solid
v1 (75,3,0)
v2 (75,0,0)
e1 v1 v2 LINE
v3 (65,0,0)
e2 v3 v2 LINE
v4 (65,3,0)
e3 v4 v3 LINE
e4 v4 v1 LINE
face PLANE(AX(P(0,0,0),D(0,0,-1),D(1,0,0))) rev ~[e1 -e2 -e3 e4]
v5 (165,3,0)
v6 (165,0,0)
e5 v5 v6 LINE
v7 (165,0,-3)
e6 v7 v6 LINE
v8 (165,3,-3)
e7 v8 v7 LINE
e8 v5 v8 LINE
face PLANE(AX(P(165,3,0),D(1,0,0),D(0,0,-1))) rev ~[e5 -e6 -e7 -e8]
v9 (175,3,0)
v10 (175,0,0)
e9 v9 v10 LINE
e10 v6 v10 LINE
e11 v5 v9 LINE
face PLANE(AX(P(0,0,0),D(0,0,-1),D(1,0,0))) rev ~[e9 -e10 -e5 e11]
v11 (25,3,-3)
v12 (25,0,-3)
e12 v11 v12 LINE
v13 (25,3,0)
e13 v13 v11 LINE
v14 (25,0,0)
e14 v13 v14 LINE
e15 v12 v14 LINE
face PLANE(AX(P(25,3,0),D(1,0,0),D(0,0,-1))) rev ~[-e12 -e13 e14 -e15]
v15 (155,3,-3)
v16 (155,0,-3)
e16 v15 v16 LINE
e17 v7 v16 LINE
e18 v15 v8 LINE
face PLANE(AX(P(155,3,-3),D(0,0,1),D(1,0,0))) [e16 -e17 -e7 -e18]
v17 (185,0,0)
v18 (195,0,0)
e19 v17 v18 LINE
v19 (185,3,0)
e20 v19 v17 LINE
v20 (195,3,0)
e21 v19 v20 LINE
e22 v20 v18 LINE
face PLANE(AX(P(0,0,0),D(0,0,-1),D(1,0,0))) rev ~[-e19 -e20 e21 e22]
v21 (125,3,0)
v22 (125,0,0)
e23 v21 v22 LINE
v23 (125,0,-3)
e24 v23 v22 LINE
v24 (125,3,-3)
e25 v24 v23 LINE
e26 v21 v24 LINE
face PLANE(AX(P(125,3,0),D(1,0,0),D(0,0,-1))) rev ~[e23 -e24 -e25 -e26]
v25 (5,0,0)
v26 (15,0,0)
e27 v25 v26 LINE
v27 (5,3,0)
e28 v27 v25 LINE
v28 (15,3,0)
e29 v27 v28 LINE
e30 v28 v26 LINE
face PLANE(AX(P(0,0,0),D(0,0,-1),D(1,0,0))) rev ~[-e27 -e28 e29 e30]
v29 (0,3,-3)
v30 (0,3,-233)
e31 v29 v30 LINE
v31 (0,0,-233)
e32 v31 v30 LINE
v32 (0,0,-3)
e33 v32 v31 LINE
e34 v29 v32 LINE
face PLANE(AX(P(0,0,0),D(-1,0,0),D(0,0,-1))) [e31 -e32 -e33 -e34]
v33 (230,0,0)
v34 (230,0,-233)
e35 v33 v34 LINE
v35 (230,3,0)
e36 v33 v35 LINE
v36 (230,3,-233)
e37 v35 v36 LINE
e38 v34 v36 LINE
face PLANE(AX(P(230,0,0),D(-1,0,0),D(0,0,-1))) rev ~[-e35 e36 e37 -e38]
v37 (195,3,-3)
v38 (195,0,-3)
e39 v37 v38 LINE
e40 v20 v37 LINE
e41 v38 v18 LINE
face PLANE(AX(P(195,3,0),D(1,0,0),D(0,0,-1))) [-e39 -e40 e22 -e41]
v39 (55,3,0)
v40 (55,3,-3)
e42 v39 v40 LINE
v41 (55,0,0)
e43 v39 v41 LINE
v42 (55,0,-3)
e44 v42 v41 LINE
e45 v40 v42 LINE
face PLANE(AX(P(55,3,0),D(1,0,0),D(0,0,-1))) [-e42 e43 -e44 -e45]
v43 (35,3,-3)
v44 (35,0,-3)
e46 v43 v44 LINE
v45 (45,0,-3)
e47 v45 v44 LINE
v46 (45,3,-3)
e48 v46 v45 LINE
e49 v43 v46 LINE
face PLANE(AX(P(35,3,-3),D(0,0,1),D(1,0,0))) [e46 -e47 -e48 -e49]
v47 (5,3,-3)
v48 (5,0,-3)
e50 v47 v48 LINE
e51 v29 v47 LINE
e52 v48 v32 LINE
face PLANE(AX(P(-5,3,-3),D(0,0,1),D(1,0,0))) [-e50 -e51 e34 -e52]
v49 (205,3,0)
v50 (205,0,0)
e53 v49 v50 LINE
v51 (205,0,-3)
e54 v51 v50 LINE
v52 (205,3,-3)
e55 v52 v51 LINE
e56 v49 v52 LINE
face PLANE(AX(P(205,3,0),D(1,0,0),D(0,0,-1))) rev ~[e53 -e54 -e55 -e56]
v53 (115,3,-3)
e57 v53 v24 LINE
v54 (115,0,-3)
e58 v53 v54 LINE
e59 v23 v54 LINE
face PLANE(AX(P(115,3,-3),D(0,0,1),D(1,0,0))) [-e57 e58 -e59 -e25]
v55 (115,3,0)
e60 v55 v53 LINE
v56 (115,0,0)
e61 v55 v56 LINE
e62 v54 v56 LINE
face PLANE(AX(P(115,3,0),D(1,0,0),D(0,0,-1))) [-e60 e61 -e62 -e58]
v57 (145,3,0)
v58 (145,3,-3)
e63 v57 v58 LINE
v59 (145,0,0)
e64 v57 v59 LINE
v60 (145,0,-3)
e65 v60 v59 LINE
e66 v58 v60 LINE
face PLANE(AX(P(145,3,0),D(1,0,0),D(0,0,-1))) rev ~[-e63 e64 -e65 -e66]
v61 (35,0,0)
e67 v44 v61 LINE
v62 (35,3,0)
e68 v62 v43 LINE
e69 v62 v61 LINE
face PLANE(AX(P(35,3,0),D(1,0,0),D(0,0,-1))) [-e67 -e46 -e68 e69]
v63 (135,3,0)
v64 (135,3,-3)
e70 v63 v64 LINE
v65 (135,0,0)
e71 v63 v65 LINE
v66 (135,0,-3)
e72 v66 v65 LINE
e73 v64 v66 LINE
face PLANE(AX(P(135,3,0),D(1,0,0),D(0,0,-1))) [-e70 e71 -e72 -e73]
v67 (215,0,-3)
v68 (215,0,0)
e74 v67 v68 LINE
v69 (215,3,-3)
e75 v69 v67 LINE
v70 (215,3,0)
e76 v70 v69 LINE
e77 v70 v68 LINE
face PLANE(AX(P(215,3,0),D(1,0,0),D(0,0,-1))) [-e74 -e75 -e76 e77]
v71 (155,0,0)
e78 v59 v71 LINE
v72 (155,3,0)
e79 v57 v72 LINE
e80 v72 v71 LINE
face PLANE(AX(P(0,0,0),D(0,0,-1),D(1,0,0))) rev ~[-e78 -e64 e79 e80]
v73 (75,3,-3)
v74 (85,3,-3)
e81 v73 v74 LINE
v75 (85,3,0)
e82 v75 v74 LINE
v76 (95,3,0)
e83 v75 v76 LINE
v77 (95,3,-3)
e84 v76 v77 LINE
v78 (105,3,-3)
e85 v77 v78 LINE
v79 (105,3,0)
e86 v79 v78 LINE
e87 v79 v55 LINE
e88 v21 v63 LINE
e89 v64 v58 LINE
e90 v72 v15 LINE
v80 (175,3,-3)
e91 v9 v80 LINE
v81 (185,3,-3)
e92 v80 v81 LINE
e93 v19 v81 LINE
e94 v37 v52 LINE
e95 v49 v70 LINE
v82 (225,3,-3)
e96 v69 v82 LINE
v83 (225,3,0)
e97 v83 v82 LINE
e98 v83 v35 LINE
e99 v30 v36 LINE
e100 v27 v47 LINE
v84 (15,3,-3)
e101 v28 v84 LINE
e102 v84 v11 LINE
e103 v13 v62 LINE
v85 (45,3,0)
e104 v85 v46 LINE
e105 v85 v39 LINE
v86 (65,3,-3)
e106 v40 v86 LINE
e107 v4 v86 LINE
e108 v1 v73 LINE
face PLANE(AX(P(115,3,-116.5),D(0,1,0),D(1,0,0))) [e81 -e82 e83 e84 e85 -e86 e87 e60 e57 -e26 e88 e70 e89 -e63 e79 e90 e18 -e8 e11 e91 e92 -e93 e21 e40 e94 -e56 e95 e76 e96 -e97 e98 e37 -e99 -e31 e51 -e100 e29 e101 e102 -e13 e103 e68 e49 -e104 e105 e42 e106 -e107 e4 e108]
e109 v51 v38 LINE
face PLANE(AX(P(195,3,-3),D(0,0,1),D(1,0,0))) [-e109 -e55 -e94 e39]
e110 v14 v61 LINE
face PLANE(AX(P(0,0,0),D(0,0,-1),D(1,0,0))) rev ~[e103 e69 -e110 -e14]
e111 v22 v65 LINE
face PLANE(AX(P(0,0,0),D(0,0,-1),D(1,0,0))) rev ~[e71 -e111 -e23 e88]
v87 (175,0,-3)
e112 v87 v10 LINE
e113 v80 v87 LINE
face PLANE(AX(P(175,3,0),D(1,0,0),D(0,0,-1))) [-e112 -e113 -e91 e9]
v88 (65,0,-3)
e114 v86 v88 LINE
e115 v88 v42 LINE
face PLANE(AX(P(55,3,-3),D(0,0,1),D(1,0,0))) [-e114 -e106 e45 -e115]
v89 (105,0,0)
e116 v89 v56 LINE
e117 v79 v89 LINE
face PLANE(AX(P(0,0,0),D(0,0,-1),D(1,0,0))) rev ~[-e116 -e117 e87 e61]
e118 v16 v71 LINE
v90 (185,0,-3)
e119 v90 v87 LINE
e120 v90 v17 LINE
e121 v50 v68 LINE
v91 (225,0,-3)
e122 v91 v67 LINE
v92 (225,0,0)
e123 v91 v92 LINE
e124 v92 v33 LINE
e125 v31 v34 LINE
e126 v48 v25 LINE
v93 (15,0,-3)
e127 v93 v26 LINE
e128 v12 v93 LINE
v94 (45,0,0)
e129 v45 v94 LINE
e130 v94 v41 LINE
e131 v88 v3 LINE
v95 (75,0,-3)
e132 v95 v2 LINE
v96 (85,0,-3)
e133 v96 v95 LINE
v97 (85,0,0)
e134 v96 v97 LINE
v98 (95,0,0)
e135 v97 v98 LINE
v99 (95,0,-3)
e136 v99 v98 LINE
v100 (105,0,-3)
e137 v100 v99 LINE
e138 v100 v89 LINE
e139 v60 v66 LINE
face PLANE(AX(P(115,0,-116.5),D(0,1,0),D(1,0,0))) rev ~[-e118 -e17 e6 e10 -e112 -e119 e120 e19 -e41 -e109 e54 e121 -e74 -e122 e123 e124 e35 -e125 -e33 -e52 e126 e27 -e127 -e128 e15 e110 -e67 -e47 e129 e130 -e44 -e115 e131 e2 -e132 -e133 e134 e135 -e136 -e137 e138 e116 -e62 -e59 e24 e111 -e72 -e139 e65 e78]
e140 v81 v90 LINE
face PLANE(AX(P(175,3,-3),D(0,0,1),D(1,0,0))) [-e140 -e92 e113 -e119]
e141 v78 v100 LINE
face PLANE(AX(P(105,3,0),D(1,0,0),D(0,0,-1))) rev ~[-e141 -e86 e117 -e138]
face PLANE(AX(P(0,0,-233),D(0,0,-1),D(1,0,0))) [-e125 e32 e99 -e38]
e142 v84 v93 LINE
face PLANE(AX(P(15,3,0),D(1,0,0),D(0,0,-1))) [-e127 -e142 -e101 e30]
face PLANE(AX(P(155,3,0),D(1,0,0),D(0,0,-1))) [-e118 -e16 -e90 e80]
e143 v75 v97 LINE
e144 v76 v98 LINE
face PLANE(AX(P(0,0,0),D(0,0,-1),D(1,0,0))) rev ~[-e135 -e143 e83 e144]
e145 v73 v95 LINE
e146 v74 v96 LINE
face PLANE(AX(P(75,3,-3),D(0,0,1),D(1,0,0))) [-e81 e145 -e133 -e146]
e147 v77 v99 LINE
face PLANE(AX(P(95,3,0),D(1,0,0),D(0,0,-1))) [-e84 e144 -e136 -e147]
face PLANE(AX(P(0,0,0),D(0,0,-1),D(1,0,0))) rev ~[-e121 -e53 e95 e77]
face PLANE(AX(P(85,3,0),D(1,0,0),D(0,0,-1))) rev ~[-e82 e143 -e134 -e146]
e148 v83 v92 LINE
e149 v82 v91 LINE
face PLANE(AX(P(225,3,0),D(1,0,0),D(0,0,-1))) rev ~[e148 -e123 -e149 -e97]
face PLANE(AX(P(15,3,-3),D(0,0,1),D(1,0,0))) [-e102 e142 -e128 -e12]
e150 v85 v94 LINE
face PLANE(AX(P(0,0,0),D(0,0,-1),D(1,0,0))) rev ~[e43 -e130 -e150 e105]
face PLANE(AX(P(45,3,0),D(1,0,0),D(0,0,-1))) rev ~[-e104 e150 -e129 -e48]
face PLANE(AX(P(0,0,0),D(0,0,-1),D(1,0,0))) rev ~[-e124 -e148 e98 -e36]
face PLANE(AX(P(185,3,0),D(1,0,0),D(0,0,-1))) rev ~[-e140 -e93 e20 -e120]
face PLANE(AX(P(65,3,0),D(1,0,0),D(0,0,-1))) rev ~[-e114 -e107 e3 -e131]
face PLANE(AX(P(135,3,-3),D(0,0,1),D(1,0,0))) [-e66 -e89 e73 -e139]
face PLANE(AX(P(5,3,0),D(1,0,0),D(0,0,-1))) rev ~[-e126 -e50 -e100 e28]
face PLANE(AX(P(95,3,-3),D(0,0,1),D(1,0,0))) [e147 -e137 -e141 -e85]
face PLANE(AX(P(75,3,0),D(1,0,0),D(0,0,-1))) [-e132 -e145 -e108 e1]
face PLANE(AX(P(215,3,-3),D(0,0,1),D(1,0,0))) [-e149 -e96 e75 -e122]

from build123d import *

# Parameters (mm, degrees)
ESQUISSE1_W             = 230
ESQUISSE1_H             = 233
BASE_DEPTH              = 3
ENL_V_MAT_EXTRU_1_REACH = 5
ESQUISSE2_W             = 10
ESQUISSE2_H             = 3


with BuildPart() as part:
    # Esquisse1 → Base (new body)
    with BuildSketch(Plane(origin=(0, 0, 0), x_dir=(1, 0, 0), z_dir=(0, 1, 0))):
        with Locations((115, 116.5)):
            Rectangle(ESQUISSE1_W, ESQUISSE1_H)
    extrude(amount=BASE_DEPTH)

    # Esquisse2 → Enlèv. mat.-Extru.1 (cut, up to next)
    with BuildSketch(Plane(origin=(0, 3, 0), x_dir=(1, 0, 0), z_dir=(0, 1, 0)), mode=Mode.PRIVATE) as enl_v_mat_extru_1_sk1:
        with Locations((120, 1.5)):
            Rectangle(ESQUISSE2_W, ESQUISSE2_H)
    enl_v_mat_extru_1_tool1 = extrude(enl_v_mat_extru_1_sk1.sketch, amount=-ENL_V_MAT_EXTRU_1_REACH, mode=Mode.PRIVATE) & part.part
    add(enl_v_mat_extru_1_tool1.solids().sort_by_distance((120, 3, -1.5))[0], mode=Mode.SUBTRACT)
    # Esquisse2 → Enlèv. mat.-Extru.1 (cut, up to next)
    with BuildSketch(Plane(origin=(0, 3, 0), x_dir=(1, 0, 0), z_dir=(0, 1, 0)), mode=Mode.PRIVATE) as enl_v_mat_extru_1_sk2:
        with Locations((140, 1.5)):
            Rectangle(ESQUISSE2_W, ESQUISSE2_H)
    enl_v_mat_extru_1_tool2 = extrude(enl_v_mat_extru_1_sk2.sketch, amount=-ENL_V_MAT_EXTRU_1_REACH, mode=Mode.PRIVATE) & part.part
    add(enl_v_mat_extru_1_tool2.solids().sort_by_distance((140, 3, -1.5))[0], mode=Mode.SUBTRACT)
    # Esquisse2 → Enlèv. mat.-Extru.1 (cut, up to next)
    with BuildSketch(Plane(origin=(0, 3, 0), x_dir=(1, 0, 0), z_dir=(0, 1, 0)), mode=Mode.PRIVATE) as enl_v_mat_extru_1_sk3:
        with Locations((160, 1.5)):
            Rectangle(ESQUISSE2_W, ESQUISSE2_H)
    enl_v_mat_extru_1_tool3 = extrude(enl_v_mat_extru_1_sk3.sketch, amount=-ENL_V_MAT_EXTRU_1_REACH, mode=Mode.PRIVATE) & part.part
    add(enl_v_mat_extru_1_tool3.solids().sort_by_distance((160, 3, -1.5))[0], mode=Mode.SUBTRACT)
    # Esquisse2 → Enlèv. mat.-Extru.1 (cut, up to next)
    with BuildSketch(Plane(origin=(0, 3, 0), x_dir=(1, 0, 0), z_dir=(0, 1, 0)), mode=Mode.PRIVATE) as enl_v_mat_extru_1_sk4:
        with Locations((180, 1.5)):
            Rectangle(ESQUISSE2_W, ESQUISSE2_H)
    enl_v_mat_extru_1_tool4 = extrude(enl_v_mat_extru_1_sk4.sketch, amount=-ENL_V_MAT_EXTRU_1_REACH, mode=Mode.PRIVATE) & part.part
    add(enl_v_mat_extru_1_tool4.solids().sort_by_distance((180, 3, -1.5))[0], mode=Mode.SUBTRACT)
    # Esquisse2 → Enlèv. mat.-Extru.1 (cut, up to next)
    with BuildSketch(Plane(origin=(0, 3, 0), x_dir=(1, 0, 0), z_dir=(0, 1, 0)), mode=Mode.PRIVATE) as enl_v_mat_extru_1_sk5:
        with Locations((200, 1.5)):
            Rectangle(ESQUISSE2_W, ESQUISSE2_H)
    enl_v_mat_extru_1_tool5 = extrude(enl_v_mat_extru_1_sk5.sketch, amount=-ENL_V_MAT_EXTRU_1_REACH, mode=Mode.PRIVATE) & part.part
    add(enl_v_mat_extru_1_tool5.solids().sort_by_distance((200, 3, -1.5))[0], mode=Mode.SUBTRACT)
    # Esquisse2 → Enlèv. mat.-Extru.1 (cut, up to next)
    with BuildSketch(Plane(origin=(0, 3, 0), x_dir=(1, 0, 0), z_dir=(0, 1, 0)), mode=Mode.PRIVATE) as enl_v_mat_extru_1_sk6:
        with Locations((220, 1.5)):
            Rectangle(ESQUISSE2_W, ESQUISSE2_H)
    enl_v_mat_extru_1_tool6 = extrude(enl_v_mat_extru_1_sk6.sketch, amount=-ENL_V_MAT_EXTRU_1_REACH, mode=Mode.PRIVATE) & part.part
    add(enl_v_mat_extru_1_tool6.solids().sort_by_distance((220, 3, -1.5))[0], mode=Mode.SUBTRACT)
    # Esquisse2 → Enlèv. mat.-Extru.1 (cut, up to next)
    with BuildSketch(Plane(origin=(0, 3, 0), x_dir=(1, 0, 0), z_dir=(0, 1, 0)), mode=Mode.PRIVATE) as enl_v_mat_extru_1_sk7:
        with Locations((100, 1.5)):
            Rectangle(ESQUISSE2_W, ESQUISSE2_H)
    enl_v_mat_extru_1_tool7 = extrude(enl_v_mat_extru_1_sk7.sketch, amount=-ENL_V_MAT_EXTRU_1_REACH, mode=Mode.PRIVATE) & part.part
    add(enl_v_mat_extru_1_tool7.solids().sort_by_distance((100, 3, -1.5))[0], mode=Mode.SUBTRACT)
    # Esquisse2 → Enlèv. mat.-Extru.1 (cut, up to next)
    with BuildSketch(Plane(origin=(0, 3, 0), x_dir=(1, 0, 0), z_dir=(0, 1, 0)), mode=Mode.PRIVATE) as enl_v_mat_extru_1_sk8:
        with Locations((80, 1.5)):
            Rectangle(ESQUISSE2_W, ESQUISSE2_H)
    enl_v_mat_extru_1_tool8 = extrude(enl_v_mat_extru_1_sk8.sketch, amount=-ENL_V_MAT_EXTRU_1_REACH, mode=Mode.PRIVATE) & part.part
    add(enl_v_mat_extru_1_tool8.solids().sort_by_distance((80, 3, -1.5))[0], mode=Mode.SUBTRACT)
    # Esquisse2 → Enlèv. mat.-Extru.1 (cut, up to next)
    with BuildSketch(Plane(origin=(0, 3, 0), x_dir=(1, 0, 0), z_dir=(0, 1, 0)), mode=Mode.PRIVATE) as enl_v_mat_extru_1_sk9:
        with Locations((60, 1.5)):
            Rectangle(ESQUISSE2_W, ESQUISSE2_H)
    enl_v_mat_extru_1_tool9 = extrude(enl_v_mat_extru_1_sk9.sketch, amount=-ENL_V_MAT_EXTRU_1_REACH, mode=Mode.PRIVATE) & part.part
    add(enl_v_mat_extru_1_tool9.solids().sort_by_distance((60, 3, -1.5))[0], mode=Mode.SUBTRACT)
    # Esquisse2 → Enlèv. mat.-Extru.1 (cut, up to next)
    with BuildSketch(Plane(origin=(0, 3, 0), x_dir=(1, 0, 0), z_dir=(0, 1, 0)), mode=Mode.PRIVATE) as enl_v_mat_extru_1_sk10:
        with Locations((40, 1.5)):
            Rectangle(ESQUISSE2_W, ESQUISSE2_H)
    enl_v_mat_extru_1_tool10 = extrude(enl_v_mat_extru_1_sk10.sketch, amount=-ENL_V_MAT_EXTRU_1_REACH, mode=Mode.PRIVATE) & part.part
    add(enl_v_mat_extru_1_tool10.solids().sort_by_distance((40, 3, -1.5))[0], mode=Mode.SUBTRACT)
    # Esquisse2 → Enlèv. mat.-Extru.1 (cut, up to next)
    with BuildSketch(Plane(origin=(0, 3, 0), x_dir=(1, 0, 0), z_dir=(0, 1, 0)), mode=Mode.PRIVATE) as enl_v_mat_extru_1_sk11:
        with Locations((20, 1.5)):
            Rectangle(ESQUISSE2_W, ESQUISSE2_H)
    enl_v_mat_extru_1_tool11 = extrude(enl_v_mat_extru_1_sk11.sketch, amount=-ENL_V_MAT_EXTRU_1_REACH, mode=Mode.PRIVATE) & part.part
    add(enl_v_mat_extru_1_tool11.solids().sort_by_distance((20, 3, -1.5))[0], mode=Mode.SUBTRACT)
    # Esquisse2 → Enlèv. mat.-Extru.1 (cut, up to next)
    with BuildSketch(Plane(origin=(0, 3, 0), x_dir=(1, 0, 0), z_dir=(0, 1, 0)), mode=Mode.PRIVATE) as enl_v_mat_extru_1_sk12:
        with Locations((0, 1.5)):
            Rectangle(ESQUISSE2_W, ESQUISSE2_H)
    enl_v_mat_extru_1_tool12 = extrude(enl_v_mat_extru_1_sk12.sketch, amount=-ENL_V_MAT_EXTRU_1_REACH, mode=Mode.PRIVATE) & part.part
    add(enl_v_mat_extru_1_tool12.solids().sort_by_distance((0, 3, -1.5))[0], mode=Mode.SUBTRACT)


solid = part.part
